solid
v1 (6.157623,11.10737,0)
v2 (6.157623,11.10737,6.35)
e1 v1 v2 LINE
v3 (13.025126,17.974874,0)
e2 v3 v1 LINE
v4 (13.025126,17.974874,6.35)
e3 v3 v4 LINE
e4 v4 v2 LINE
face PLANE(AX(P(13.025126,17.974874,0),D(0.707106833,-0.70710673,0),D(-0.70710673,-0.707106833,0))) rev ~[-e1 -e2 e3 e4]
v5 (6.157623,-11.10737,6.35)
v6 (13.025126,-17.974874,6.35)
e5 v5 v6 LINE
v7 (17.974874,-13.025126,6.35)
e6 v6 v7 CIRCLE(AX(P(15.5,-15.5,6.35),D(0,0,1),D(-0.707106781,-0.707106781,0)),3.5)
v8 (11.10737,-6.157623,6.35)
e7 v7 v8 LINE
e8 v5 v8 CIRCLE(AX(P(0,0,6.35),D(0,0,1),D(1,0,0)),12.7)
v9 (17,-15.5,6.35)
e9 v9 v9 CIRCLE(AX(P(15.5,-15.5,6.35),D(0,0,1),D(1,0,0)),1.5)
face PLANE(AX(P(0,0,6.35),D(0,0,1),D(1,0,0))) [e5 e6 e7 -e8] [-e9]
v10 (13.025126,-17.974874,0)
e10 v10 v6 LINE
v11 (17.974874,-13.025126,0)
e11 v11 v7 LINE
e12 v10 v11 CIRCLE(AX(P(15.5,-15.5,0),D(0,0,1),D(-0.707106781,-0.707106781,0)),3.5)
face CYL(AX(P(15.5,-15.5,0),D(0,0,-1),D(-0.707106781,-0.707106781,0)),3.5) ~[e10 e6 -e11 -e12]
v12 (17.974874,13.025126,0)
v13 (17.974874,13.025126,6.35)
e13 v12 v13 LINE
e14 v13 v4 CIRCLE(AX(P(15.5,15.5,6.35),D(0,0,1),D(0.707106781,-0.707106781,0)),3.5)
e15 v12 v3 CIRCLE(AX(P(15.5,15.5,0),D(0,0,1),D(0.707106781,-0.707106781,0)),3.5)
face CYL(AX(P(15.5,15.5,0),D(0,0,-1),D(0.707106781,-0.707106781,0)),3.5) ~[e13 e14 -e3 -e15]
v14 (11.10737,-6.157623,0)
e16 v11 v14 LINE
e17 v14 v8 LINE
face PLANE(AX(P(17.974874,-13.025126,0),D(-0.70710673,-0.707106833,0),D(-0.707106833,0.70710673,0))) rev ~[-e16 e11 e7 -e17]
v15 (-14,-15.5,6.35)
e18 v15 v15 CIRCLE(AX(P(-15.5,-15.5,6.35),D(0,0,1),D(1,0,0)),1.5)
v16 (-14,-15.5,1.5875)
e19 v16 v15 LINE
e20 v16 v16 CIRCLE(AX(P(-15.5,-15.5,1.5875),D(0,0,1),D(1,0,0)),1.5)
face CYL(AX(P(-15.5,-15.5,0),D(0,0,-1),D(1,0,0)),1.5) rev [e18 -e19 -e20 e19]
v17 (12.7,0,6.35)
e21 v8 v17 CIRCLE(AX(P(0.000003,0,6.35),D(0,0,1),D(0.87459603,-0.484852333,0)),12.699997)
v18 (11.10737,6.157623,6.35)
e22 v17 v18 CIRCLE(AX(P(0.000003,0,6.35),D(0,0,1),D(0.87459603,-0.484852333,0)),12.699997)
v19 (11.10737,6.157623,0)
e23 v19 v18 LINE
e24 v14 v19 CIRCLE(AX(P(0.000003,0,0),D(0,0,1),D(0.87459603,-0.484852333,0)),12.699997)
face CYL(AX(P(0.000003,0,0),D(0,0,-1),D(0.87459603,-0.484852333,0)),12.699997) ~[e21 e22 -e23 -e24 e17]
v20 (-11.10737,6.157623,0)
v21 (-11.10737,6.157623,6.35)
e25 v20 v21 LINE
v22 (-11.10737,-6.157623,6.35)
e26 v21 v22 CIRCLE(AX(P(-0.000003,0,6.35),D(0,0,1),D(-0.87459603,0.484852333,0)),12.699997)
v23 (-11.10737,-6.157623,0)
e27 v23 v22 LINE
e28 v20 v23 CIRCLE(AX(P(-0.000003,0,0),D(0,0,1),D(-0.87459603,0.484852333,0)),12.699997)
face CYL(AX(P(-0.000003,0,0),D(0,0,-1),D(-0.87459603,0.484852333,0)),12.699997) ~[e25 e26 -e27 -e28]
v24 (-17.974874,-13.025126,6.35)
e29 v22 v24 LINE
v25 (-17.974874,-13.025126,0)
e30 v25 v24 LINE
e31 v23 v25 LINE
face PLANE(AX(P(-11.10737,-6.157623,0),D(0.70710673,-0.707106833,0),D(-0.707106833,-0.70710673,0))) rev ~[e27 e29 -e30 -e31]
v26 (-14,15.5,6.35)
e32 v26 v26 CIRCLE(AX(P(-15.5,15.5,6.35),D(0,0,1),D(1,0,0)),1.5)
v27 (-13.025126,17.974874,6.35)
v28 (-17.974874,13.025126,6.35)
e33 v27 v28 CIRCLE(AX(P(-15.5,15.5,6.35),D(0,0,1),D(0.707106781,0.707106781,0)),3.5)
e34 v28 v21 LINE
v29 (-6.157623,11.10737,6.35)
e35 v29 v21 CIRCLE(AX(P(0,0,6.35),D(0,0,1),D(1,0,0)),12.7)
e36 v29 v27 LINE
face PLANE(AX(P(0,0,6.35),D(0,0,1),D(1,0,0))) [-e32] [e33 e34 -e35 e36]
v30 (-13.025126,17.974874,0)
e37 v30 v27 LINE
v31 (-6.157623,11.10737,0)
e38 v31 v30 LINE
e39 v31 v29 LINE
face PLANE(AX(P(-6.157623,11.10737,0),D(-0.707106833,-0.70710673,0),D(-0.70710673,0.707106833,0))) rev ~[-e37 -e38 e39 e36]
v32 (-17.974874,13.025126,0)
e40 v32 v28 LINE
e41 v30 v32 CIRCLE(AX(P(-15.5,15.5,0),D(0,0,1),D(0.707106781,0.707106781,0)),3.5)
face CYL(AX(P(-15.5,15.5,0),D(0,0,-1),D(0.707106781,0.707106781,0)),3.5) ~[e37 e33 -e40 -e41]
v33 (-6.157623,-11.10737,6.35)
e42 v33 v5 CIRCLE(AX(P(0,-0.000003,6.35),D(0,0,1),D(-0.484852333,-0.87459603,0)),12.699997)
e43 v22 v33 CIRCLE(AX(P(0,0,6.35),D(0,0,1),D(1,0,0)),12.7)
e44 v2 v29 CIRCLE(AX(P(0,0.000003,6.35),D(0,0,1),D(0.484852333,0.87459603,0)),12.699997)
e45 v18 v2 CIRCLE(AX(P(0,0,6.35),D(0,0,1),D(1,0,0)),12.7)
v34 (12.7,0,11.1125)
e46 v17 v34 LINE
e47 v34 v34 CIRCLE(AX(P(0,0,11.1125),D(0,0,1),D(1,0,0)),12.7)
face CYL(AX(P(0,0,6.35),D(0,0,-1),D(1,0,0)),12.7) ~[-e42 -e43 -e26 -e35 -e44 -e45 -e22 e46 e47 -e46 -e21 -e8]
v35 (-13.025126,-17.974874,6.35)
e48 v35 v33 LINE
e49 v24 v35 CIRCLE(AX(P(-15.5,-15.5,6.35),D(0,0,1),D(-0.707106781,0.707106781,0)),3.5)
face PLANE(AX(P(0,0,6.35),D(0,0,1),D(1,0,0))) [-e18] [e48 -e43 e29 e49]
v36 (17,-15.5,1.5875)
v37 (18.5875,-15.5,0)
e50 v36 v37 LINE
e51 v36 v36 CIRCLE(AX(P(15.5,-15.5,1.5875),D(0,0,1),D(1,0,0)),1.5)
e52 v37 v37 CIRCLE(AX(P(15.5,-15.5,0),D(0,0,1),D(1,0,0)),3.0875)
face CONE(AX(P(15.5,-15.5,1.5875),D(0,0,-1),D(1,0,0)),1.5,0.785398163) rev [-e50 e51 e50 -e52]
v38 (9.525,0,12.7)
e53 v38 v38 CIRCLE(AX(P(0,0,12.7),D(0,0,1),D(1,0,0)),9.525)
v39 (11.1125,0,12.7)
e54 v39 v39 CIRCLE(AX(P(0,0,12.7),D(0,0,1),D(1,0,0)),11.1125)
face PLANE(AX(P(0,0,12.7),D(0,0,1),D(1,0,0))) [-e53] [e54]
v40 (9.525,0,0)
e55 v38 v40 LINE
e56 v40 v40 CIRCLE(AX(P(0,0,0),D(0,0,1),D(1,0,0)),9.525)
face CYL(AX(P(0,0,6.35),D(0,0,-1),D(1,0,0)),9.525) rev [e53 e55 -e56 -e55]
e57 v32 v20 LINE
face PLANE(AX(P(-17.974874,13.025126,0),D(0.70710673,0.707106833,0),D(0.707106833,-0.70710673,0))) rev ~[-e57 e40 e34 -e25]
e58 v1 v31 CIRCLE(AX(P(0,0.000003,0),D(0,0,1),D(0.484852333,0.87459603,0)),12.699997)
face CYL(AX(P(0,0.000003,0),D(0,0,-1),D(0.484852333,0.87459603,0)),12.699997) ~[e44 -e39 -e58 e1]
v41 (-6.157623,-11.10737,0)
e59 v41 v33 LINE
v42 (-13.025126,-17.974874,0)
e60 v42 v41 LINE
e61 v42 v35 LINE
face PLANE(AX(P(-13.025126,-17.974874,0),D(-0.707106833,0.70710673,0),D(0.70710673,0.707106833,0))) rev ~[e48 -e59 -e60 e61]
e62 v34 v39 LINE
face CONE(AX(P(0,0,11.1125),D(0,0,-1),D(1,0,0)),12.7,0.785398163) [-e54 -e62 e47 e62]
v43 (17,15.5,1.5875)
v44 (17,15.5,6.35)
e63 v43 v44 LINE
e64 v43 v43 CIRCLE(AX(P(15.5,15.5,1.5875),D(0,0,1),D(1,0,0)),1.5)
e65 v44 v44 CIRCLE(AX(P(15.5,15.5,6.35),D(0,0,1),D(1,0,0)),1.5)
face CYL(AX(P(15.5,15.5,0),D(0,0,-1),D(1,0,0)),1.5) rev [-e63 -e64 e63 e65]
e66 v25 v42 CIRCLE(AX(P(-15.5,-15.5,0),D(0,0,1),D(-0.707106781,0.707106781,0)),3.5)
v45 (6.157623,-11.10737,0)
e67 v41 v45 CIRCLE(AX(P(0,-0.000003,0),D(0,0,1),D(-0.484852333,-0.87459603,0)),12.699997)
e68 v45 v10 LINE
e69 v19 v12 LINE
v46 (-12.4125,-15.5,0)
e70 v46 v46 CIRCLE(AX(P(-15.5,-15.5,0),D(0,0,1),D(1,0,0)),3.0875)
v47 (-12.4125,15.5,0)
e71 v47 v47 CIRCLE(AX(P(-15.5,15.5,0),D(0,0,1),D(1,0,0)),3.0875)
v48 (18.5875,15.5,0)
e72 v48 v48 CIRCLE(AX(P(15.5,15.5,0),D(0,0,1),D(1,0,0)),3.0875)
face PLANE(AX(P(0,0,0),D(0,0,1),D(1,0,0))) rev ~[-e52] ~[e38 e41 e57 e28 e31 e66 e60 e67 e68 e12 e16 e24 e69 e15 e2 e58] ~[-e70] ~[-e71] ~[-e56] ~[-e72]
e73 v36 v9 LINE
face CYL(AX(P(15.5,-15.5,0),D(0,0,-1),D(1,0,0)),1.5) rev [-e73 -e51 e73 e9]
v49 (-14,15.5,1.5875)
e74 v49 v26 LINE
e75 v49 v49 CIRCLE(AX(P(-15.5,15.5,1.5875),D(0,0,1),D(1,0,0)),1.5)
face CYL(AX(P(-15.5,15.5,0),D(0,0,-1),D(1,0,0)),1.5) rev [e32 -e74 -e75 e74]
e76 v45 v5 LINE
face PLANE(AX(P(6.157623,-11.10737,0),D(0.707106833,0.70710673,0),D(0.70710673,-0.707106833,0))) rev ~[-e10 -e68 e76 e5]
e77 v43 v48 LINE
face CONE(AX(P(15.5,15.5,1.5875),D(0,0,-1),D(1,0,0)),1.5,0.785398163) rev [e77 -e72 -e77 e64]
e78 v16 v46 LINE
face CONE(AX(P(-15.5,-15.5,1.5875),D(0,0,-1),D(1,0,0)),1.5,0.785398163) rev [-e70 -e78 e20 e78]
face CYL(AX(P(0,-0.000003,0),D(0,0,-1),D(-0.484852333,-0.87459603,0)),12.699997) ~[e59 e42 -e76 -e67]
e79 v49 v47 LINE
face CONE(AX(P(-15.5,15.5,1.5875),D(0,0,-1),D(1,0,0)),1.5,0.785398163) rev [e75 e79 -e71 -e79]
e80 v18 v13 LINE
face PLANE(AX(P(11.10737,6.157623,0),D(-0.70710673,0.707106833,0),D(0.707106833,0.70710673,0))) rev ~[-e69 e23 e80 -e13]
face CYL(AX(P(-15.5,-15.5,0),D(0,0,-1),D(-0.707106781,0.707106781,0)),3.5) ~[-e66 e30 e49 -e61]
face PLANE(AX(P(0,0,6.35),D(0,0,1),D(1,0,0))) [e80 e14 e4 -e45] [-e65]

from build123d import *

# Parameters (mm, degrees)
F0_R     = 1.5
F0_R_2   = 9.525
F1_DEPTH = 6.35
F2_SIZE  = 1.5875
F3_R     = 12.7
F3_R_2   = 9.525
F4_DEPTH = 6.35
F5_SIZE  = 1.5875


with BuildPart() as f1:
    # F0 (on Top) → F1 (new body)
    with BuildSketch(Plane.XY):
        with BuildLine():
            Line((-17.974874, 13.025126), (-11.10737, 6.157623))
            ThreePointArc((-11.10737, 6.157623), (-12.7, 0), (-11.10737, -6.157623))
            Line((-11.10737, -6.157623), (-17.974874, -13.025126))
            ThreePointArc((-17.974874, -13.025126), (-17.974874, -17.974874), (-13.025126, -17.974874))
            Line((-13.025126, -17.974874), (-6.157623, -11.10737))
            ThreePointArc((-6.157623, -11.10737), (0, -12.7), (6.157623, -11.10737))
            Line((6.157623, -11.10737), (13.025126, -17.974874))
            ThreePointArc((13.025126, -17.974874), (17.974874, -17.974874), (17.974874, -13.025126))
            Line((17.974874, -13.025126), (11.10737, -6.157623))
            ThreePointArc((11.10737, -6.157623), (12.7, 0), (11.10737, 6.157623))
            Line((11.10737, 6.157623), (17.974874, 13.025126))
            ThreePointArc((17.974874, 13.025126), (17.974874, 17.974874), (13.025126, 17.974874))
            Line((13.025126, 17.974874), (6.157623, 11.10737))
            ThreePointArc((6.157623, 11.10737), (0, 12.7), (-6.157623, 11.10737))
            Line((-6.157623, 11.10737), (-13.025126, 17.974874))
            ThreePointArc((-13.025126, 17.974874), (-17.974874, 17.974874), (-17.974874, 13.025126))
        make_face()
        with Locations((-15.5, -15.5)):
            Circle(F0_R, mode=Mode.SUBTRACT)
        with Locations((15.5, -15.5)):
            Circle(F0_R, mode=Mode.SUBTRACT)
        with Locations((-15.5, 15.5)):
            Circle(F0_R, mode=Mode.SUBTRACT)
        Circle(F0_R_2, mode=Mode.SUBTRACT)
        with Locations((15.5, 15.5)):
            Circle(F0_R, mode=Mode.SUBTRACT)
    extrude(amount=F1_DEPTH)

    # F2
    f2_edges = [f1.edges().sort_by_distance(p)[0] for p in [
        (-17, -15.5, 0),
        (14, -15.5, 0),
        (14, 15.5, 0),
        (-17, 15.5, 0),
    ]]
    chamfer(f2_edges, length=F2_SIZE)

    # F3 (on face) → F4 (join)
    with BuildSketch(Plane.XY.offset(6.35)):
        Circle(F3_R)
        Circle(F3_R_2, mode=Mode.SUBTRACT)
    extrude(amount=F4_DEPTH)

    # F5
    f5_edges = [f1.edges().sort_by_distance(p)[0] for p in [
        (-12.7, 0, 12.7),
    ]]
    chamfer(f5_edges, length=F5_SIZE)


solid = f1.part
